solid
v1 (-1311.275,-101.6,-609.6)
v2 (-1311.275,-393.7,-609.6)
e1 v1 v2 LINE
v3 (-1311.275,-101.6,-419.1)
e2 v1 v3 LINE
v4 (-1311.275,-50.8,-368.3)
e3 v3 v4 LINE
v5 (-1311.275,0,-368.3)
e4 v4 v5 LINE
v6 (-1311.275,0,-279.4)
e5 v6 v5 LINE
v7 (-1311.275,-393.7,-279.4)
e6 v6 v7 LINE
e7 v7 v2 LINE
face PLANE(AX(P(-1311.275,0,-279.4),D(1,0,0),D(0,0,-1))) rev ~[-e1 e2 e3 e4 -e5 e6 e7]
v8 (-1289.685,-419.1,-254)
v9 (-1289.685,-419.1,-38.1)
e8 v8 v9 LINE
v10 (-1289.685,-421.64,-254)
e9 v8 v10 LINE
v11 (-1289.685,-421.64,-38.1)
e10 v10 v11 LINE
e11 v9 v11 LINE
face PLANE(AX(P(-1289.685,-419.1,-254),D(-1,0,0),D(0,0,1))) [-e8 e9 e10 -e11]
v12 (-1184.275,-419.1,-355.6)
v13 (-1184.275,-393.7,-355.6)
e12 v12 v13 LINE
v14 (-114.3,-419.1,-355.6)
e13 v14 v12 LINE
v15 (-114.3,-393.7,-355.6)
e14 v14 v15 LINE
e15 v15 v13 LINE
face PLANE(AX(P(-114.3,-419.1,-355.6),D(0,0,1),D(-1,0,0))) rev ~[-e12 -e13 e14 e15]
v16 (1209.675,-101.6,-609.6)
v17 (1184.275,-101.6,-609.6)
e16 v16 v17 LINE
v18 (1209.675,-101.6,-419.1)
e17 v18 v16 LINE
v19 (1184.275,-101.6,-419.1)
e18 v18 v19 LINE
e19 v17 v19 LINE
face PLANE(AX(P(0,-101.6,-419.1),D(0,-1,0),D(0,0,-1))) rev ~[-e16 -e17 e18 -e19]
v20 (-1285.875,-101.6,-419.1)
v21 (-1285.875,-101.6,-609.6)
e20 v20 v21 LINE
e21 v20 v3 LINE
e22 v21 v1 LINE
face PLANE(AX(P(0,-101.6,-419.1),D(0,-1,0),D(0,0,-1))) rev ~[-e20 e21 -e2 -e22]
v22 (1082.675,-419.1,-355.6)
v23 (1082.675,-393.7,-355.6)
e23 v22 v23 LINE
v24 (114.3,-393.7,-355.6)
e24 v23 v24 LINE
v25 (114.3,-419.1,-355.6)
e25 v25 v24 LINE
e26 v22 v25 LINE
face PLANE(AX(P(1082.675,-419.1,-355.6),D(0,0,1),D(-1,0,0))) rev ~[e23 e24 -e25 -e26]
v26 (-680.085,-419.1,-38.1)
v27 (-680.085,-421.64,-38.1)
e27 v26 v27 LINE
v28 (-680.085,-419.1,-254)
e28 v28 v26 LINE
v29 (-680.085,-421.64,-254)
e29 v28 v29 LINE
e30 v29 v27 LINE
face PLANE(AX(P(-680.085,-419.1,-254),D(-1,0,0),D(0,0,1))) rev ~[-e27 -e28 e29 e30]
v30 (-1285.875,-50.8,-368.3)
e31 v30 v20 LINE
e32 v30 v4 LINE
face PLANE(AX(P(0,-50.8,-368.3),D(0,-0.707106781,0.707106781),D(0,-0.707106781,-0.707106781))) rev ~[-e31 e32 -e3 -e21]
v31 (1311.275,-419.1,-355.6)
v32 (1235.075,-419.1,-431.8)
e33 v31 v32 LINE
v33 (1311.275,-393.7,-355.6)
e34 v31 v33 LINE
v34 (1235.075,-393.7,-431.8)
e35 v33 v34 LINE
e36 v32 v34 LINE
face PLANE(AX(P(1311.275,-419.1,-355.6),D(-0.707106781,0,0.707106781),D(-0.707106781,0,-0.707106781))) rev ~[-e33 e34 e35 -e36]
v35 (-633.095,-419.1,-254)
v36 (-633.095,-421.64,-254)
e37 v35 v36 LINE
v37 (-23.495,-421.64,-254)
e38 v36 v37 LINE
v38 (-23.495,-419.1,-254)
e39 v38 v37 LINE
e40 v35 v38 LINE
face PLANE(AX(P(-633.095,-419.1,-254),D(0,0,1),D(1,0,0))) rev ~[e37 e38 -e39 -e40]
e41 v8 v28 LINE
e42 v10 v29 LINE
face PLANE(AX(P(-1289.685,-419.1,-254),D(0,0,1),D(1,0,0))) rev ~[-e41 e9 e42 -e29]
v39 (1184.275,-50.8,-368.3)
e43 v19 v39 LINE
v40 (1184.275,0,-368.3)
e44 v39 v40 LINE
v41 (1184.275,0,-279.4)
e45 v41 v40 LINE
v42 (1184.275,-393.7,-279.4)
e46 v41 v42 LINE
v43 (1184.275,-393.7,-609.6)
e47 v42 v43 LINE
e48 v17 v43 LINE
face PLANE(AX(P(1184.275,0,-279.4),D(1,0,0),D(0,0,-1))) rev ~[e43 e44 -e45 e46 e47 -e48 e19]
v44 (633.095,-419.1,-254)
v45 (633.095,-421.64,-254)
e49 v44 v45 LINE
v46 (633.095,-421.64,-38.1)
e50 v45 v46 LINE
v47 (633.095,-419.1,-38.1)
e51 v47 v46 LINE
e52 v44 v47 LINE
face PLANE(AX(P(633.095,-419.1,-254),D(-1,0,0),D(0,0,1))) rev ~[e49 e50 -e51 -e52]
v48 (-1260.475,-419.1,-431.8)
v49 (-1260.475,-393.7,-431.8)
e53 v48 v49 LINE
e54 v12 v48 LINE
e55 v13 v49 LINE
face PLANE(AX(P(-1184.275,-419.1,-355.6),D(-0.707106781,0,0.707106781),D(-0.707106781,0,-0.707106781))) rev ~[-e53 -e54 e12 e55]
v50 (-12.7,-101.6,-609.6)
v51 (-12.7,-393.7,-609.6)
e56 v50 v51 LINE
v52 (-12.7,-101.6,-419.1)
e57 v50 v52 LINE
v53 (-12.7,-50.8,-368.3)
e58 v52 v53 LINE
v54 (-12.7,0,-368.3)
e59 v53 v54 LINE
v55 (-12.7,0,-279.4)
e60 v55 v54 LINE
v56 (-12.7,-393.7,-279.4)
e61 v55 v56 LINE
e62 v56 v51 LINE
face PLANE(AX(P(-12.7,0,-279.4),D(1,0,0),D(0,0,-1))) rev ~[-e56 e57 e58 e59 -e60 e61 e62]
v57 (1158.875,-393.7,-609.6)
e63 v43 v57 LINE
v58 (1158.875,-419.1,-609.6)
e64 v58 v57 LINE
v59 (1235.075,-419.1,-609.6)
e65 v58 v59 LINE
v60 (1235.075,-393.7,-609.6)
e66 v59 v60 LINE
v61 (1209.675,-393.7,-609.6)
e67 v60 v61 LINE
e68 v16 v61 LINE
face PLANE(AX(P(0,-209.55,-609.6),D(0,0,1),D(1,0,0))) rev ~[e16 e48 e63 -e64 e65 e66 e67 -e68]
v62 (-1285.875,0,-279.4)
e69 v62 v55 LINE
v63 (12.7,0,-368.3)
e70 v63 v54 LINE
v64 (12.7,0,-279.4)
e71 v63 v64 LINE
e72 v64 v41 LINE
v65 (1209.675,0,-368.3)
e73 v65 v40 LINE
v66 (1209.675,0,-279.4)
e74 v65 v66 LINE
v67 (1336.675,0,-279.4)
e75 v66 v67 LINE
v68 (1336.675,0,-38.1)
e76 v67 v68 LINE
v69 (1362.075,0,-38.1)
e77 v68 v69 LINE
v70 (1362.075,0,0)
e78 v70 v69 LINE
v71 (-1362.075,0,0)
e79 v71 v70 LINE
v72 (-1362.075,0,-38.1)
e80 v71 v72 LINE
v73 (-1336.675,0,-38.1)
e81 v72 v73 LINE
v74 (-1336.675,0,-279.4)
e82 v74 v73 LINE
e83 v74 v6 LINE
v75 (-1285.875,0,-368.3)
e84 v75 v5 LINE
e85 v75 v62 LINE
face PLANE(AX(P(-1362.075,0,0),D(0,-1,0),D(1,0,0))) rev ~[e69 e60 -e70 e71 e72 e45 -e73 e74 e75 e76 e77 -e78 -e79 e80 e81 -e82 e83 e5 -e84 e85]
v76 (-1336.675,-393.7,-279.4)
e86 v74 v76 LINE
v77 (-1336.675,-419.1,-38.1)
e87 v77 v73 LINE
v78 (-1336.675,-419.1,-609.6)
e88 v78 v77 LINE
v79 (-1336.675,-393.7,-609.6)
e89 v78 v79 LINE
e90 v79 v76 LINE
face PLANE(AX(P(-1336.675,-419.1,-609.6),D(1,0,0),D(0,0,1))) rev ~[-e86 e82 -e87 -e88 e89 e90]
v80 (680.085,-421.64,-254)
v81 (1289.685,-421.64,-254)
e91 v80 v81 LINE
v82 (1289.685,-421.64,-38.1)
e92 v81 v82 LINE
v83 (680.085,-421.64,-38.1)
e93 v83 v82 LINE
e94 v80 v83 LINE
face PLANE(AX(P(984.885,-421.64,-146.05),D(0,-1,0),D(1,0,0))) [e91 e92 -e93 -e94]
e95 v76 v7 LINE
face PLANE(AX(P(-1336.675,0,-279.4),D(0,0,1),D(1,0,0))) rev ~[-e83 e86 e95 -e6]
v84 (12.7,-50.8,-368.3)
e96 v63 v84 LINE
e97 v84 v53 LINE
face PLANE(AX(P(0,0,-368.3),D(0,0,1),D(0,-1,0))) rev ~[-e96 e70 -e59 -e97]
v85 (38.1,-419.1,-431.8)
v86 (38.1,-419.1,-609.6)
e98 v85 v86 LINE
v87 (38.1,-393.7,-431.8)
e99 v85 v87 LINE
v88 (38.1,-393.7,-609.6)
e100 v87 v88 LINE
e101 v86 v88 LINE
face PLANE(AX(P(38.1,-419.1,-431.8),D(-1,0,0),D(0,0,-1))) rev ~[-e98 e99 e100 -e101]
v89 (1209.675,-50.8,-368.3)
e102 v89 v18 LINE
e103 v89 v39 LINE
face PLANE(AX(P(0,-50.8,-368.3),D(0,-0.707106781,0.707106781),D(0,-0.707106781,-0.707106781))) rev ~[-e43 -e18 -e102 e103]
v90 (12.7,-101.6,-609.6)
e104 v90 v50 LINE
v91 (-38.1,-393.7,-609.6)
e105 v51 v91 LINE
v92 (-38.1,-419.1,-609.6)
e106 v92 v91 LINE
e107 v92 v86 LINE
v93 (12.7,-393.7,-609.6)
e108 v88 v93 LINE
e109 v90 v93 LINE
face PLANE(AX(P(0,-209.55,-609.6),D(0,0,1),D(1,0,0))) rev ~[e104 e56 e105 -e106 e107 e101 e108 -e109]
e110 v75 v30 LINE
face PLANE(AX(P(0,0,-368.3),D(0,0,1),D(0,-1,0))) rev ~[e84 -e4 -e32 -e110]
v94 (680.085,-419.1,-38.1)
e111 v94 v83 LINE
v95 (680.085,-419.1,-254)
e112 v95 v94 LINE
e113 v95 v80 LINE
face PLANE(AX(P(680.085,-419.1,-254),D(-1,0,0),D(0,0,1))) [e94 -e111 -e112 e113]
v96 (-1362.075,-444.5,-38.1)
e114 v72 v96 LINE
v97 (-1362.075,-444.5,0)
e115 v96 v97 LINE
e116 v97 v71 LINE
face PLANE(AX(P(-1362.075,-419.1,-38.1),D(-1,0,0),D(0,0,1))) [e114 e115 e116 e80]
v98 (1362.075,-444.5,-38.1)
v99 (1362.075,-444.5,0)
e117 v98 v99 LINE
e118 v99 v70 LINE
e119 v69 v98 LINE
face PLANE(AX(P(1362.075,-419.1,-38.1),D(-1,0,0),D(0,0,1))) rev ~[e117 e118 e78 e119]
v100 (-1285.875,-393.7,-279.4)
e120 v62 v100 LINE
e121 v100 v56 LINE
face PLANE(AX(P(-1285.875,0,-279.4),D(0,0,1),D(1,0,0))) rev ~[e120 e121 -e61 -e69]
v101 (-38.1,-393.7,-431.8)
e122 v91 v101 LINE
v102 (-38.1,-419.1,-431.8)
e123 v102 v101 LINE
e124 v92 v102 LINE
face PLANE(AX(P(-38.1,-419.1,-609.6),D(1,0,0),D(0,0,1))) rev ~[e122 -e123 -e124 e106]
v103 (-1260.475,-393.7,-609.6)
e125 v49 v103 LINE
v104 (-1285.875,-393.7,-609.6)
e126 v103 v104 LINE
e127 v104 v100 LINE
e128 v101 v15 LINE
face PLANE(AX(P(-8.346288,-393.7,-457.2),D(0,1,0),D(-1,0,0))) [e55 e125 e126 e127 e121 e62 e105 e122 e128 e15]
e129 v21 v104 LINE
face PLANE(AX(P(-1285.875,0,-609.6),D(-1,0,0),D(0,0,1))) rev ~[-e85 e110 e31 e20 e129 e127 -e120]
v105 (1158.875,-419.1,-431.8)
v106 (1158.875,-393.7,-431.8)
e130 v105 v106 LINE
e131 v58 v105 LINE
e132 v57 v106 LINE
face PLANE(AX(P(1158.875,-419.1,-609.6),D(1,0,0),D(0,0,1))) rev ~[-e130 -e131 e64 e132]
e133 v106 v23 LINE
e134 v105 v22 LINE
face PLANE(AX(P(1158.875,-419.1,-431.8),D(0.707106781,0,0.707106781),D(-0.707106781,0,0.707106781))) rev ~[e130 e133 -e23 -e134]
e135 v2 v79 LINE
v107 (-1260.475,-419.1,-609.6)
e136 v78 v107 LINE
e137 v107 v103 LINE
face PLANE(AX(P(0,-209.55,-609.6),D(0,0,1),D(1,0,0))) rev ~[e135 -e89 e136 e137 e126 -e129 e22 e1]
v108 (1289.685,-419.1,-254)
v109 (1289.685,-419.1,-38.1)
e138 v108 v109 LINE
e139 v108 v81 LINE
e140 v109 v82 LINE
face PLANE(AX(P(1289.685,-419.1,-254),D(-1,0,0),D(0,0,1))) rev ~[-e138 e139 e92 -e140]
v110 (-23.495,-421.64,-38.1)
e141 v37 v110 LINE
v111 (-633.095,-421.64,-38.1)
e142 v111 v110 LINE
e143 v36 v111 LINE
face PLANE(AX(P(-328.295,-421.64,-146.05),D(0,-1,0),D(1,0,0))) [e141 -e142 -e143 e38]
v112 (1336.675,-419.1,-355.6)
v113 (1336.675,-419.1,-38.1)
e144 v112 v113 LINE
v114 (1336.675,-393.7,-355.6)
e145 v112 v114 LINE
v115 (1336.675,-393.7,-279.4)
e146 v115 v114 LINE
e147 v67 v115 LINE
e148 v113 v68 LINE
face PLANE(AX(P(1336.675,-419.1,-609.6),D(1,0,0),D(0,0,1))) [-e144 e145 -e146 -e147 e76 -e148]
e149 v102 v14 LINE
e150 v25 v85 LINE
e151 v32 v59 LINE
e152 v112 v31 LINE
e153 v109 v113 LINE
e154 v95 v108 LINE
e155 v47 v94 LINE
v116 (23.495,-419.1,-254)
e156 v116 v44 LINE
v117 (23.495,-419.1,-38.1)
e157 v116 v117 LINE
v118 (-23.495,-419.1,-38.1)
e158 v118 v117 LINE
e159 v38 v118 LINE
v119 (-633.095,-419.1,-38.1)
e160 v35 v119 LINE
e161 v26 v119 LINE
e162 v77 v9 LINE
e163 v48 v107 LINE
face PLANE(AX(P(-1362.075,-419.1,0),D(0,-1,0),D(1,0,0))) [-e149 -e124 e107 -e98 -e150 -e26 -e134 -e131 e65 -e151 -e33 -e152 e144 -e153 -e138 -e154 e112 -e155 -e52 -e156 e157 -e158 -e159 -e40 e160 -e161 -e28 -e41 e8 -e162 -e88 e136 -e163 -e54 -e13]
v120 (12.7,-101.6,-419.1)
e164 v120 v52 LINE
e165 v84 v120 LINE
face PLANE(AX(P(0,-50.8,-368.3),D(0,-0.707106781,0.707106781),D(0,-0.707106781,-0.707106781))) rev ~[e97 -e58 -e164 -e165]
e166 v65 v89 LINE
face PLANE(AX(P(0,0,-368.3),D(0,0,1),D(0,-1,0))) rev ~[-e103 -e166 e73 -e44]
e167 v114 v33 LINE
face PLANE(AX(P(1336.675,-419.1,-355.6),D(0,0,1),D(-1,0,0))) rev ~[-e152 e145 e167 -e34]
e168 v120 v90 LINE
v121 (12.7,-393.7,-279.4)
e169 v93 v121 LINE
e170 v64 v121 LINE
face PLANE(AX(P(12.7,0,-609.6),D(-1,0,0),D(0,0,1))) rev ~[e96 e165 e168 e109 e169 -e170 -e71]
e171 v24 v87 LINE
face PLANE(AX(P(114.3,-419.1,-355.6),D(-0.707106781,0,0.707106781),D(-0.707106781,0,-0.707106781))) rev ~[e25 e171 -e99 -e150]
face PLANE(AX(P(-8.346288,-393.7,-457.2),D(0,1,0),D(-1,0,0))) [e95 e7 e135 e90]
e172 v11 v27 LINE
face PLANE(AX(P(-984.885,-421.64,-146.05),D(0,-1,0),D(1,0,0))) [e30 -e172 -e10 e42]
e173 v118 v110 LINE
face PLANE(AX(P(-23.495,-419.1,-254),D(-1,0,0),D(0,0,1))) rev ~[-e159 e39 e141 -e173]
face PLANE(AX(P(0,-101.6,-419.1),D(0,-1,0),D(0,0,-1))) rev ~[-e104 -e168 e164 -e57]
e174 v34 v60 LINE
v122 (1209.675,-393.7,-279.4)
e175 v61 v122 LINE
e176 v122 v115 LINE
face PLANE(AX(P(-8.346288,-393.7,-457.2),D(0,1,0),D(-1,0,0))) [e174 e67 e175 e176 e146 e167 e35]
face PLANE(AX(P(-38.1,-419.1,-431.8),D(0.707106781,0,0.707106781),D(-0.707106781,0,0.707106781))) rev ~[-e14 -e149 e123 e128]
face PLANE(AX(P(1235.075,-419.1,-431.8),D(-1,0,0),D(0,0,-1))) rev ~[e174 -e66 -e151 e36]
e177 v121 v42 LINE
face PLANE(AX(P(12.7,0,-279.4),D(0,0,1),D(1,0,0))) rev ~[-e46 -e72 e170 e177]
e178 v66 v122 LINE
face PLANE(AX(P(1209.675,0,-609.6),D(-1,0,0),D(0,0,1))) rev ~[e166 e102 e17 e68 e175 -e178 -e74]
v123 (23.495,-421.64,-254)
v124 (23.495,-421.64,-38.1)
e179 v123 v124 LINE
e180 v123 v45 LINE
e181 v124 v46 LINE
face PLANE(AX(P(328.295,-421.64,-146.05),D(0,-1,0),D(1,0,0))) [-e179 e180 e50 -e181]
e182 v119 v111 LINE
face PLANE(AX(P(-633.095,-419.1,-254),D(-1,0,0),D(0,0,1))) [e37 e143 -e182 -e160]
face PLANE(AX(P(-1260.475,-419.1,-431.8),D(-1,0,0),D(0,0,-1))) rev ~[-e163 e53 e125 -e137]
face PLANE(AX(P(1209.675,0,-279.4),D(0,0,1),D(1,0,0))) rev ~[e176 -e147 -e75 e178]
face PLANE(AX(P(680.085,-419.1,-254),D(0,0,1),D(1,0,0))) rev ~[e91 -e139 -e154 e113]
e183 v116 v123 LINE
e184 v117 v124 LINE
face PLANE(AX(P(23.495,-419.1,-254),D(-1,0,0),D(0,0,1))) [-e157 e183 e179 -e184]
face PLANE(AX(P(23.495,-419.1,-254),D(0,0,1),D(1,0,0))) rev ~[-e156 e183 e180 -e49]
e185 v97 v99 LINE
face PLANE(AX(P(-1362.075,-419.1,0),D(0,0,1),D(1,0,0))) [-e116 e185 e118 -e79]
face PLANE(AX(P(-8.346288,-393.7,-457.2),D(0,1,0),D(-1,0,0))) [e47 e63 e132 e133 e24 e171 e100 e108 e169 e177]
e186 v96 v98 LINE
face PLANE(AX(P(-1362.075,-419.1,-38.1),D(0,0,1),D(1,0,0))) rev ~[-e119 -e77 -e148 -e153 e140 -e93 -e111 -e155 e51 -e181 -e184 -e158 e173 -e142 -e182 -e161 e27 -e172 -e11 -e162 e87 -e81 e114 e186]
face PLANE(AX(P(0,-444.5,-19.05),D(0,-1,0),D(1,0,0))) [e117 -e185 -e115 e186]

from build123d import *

# Parameters (mm, degrees)
F0_W          = 2724.15
F0_H          = 419.1
F1_DEPTH      = 609.6
F3_DEPTH      = 1362.076
F3_DEPTH_BACK = 1362.076
F4_W          = 25.4
F4_H          = 571.5
F5_DEPTH      = 419.101
F7_DEPTH      = 419.101
F8_W          = 609.6
F8_H          = 215.9
F9_DEPTH      = 2.54
F11_DEPTH     = 393.7
F12_W         = 2724.15
F12_H         = 38.1
F13_DEPTH     = 25.4


with BuildPart() as f1:
    # F0 (on Top) → F1 (new body)
    with BuildSketch(Plane.XY):
        with Locations((0, -209.55)):
            Rectangle(F0_W, F0_H)
    extrude(amount=-F1_DEPTH)

    # F2 (on Right) → F3 (cut, two sides)
    with BuildSketch(Plane.YZ) as f3_sk:
        Polygon((-101.6, -419.1), (-101.6, -609.6), (0, -609.6), (0, -368.3), (-50.8, -368.3), align=None)
    extrude(amount=F3_DEPTH, mode=Mode.SUBTRACT)
    extrude(f3_sk.sketch, amount=-F3_DEPTH_BACK, mode=Mode.SUBTRACT)

    # F4 (on face) → F5 (cut, through all)
    with BuildSketch(Plane.XZ.offset(419.1)):
        with Locations((1349.375, -323.85)):
            Rectangle(F4_W, F4_H)
        with Locations((-1349.375, -323.85)):
            Rectangle(F4_W, F4_H)
    extrude(amount=-F5_DEPTH, mode=Mode.SUBTRACT)

    # F6 (on face) → F7 (cut, through all)
    with BuildSketch(Plane.XZ.offset(419.1)):
        Polygon((-1260.475, -431.8), (-1260.475, -609.6), (-38.1, -609.6), (-38.1, -431.8), (-114.3, -355.6), (-1184.275, -355.6), align=None)
        Polygon((38.1, -431.8), (38.1, -609.6), (1158.875, -609.6), (1158.875, -431.8), (1082.675, -355.6), (114.3, -355.6), align=None)
        Polygon((1235.075, -431.8), (1235.075, -609.6), (1336.675, -609.6), (1336.675, -355.6), (1311.275, -355.6), align=None)
    extrude(amount=-F7_DEPTH, mode=Mode.SUBTRACT)

    # F8 (on face) → F9 (join)
    with BuildSketch(Plane.XZ.offset(419.1)):
        with Locations((-984.885, -146.05)):
            Rectangle(F8_W, F8_H)
        with Locations((-328.295, -146.05)):
            Rectangle(F8_W, F8_H)
        with Locations((328.295, -146.05)):
            Rectangle(F8_W, F8_H)
        with Locations((984.885, -146.05)):
            Rectangle(F8_W, F8_H)
    extrude(amount=F9_DEPTH)

    # F10 (on face) → F11 (cut, through all)
    with BuildSketch(Plane(origin=(0, 0, 0), x_dir=(-1, 0, 0), z_dir=(0, 1, 0))):
        Polygon((-1184.275, -609.6), (-1209.675, -609.6), (-1209.675, -279.4), (-1336.675, -279.4), (-1336.675, -635), (1336.675, -635), (1336.675, -279.4), (1311.275, -279.4), (1311.275, -609.6), (1285.875, -609.6), (1285.875, -279.4), (12.7, -279.4), (12.7, -609.6), (-12.7, -609.6), (-12.7, -279.4), (-1184.275, -279.4), align=None)
    extrude(amount=-F11_DEPTH, mode=Mode.SUBTRACT)

    # F12 (on face) → F13 (join)
    with BuildSketch(Plane.XZ.offset(419.1)):
        with Locations((0, -19.05)):
            Rectangle(F12_W, F12_H)
    extrude(amount=F13_DEPTH)


solid = f1.part
